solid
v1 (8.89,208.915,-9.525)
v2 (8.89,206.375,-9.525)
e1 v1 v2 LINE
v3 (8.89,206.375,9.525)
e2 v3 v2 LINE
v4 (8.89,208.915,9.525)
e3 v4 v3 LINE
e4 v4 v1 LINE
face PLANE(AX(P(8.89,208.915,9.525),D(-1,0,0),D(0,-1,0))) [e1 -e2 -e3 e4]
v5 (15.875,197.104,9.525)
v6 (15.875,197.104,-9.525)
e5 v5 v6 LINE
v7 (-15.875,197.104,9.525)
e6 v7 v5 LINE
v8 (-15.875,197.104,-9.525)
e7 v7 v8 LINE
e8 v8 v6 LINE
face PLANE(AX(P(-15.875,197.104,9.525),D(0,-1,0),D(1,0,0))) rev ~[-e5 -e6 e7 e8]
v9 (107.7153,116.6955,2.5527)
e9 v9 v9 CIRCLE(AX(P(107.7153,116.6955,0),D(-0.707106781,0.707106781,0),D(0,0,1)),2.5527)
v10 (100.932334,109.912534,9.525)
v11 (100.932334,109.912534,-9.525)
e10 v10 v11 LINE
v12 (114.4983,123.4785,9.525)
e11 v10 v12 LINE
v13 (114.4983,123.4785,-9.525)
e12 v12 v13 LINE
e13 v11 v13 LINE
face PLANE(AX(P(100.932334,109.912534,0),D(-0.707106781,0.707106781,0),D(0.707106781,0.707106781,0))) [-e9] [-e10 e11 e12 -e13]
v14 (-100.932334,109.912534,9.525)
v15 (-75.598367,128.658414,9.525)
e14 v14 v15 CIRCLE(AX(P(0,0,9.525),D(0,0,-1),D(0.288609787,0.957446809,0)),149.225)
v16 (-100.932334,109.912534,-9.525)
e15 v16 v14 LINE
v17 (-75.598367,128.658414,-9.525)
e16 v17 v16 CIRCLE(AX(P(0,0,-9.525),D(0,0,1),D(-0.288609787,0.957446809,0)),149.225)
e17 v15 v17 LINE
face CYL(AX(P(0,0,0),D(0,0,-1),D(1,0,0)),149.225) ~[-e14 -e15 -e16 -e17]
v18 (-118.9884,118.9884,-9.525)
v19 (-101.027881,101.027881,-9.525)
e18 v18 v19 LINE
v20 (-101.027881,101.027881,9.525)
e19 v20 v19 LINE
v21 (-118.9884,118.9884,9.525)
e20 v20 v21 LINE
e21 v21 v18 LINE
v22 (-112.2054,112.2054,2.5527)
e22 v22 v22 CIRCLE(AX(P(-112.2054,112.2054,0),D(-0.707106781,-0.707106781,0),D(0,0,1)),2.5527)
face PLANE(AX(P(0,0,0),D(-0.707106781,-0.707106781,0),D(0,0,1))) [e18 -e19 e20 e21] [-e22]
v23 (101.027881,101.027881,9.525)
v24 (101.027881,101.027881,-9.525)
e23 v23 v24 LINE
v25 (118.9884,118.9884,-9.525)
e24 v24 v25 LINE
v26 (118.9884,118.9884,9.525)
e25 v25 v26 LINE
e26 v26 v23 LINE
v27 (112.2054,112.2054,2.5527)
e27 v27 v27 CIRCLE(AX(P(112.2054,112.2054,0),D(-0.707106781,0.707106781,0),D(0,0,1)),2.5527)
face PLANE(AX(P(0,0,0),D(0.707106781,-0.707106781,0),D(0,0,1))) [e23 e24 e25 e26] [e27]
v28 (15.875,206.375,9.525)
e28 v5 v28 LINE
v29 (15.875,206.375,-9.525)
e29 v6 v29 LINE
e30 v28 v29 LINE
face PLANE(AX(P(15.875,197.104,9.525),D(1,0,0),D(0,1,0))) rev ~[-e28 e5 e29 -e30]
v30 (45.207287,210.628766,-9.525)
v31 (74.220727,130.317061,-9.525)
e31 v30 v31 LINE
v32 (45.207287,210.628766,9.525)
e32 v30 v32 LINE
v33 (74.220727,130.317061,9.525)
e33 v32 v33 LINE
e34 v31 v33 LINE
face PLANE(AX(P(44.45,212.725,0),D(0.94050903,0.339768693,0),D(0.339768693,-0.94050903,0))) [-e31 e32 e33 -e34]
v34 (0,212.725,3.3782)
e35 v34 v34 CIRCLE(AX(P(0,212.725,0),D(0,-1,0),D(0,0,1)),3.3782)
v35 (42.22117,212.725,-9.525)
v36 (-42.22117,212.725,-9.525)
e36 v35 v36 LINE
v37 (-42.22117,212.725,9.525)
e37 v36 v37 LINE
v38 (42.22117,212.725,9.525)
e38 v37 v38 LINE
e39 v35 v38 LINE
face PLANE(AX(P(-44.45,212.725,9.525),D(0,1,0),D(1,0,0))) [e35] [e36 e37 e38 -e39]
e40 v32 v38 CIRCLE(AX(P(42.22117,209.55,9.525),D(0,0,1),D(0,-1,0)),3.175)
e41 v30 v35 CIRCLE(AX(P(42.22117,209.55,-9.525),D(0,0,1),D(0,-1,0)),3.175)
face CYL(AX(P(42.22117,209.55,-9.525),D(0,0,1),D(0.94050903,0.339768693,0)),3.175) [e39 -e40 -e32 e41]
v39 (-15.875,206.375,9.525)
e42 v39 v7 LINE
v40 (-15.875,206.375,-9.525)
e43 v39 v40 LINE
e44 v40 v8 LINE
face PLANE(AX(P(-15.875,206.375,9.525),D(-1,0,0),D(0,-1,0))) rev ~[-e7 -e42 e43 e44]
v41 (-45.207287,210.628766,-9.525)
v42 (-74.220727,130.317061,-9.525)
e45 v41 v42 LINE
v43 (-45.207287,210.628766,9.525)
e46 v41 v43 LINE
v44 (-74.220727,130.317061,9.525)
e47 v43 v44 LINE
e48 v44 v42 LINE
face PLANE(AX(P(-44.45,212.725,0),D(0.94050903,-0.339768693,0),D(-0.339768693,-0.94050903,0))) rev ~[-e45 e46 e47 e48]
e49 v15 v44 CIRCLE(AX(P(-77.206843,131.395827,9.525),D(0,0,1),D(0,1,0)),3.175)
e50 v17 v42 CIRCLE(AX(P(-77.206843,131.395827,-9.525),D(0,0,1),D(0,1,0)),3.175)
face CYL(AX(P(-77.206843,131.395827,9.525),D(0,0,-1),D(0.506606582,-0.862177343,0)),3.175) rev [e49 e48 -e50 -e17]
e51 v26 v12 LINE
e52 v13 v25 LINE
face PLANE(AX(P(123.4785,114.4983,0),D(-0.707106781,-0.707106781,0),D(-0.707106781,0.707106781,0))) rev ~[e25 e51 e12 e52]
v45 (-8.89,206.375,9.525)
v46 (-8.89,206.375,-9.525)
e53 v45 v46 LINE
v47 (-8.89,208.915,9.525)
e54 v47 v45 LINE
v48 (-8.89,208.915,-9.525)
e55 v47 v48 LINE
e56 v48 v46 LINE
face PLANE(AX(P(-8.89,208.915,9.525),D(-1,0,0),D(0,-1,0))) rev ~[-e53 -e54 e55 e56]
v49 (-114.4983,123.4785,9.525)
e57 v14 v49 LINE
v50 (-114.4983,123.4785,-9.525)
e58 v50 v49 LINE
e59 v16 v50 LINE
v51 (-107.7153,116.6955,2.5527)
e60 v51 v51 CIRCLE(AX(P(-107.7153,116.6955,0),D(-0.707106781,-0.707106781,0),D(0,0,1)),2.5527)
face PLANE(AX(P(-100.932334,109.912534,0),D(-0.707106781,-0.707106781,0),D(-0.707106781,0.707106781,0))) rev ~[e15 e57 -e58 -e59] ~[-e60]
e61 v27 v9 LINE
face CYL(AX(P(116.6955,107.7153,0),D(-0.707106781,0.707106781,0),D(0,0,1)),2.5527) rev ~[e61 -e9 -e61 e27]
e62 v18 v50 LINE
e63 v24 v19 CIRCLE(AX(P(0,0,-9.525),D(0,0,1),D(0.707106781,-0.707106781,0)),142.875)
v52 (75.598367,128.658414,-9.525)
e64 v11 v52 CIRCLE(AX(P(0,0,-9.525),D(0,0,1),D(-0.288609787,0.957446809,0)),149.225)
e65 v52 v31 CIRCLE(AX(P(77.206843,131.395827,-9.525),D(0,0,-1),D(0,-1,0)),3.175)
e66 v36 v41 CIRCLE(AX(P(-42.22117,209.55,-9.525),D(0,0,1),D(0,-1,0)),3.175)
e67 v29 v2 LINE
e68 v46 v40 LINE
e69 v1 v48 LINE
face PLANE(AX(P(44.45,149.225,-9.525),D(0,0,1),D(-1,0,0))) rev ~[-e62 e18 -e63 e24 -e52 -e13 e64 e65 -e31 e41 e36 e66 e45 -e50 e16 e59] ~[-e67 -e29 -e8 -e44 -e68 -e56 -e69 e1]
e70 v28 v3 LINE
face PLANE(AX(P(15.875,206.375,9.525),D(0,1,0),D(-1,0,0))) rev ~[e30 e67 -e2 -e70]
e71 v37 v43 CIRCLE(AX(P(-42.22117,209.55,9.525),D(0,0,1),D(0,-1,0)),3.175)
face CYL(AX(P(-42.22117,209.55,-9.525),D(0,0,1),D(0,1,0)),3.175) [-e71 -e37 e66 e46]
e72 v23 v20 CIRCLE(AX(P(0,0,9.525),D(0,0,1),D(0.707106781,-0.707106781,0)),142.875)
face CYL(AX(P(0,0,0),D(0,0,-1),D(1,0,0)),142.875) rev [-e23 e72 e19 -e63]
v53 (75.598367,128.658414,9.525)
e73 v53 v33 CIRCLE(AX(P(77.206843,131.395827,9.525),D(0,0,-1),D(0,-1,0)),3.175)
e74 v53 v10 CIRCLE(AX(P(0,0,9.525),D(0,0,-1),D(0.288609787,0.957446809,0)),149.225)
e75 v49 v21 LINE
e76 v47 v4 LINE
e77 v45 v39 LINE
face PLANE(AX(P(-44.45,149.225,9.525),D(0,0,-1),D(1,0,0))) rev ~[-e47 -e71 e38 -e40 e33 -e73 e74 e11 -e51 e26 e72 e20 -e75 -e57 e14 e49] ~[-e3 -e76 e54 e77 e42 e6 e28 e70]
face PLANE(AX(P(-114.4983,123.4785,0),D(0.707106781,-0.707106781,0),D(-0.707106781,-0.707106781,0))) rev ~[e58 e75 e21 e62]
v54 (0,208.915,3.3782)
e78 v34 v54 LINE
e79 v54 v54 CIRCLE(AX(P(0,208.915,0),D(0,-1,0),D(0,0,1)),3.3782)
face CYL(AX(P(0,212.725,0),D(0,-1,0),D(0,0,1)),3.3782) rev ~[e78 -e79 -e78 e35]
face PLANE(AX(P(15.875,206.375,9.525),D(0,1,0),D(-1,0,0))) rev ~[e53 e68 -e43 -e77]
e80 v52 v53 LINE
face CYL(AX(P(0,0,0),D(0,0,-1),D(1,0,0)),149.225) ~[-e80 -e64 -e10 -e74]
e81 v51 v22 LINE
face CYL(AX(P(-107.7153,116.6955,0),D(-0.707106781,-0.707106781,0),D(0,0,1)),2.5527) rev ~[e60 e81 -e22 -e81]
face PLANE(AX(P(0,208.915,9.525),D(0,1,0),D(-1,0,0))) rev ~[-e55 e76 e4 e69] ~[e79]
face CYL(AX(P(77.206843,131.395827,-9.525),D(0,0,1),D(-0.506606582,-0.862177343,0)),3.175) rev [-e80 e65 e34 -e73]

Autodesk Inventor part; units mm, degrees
ref_plane "YZ Plane" through (0, 0, 0) normal (1, 0, 0) x (0, 1, 0)
ref_plane "XY Plane" through (0, 0, 0) normal (0, 0, 1) x (1, 0, 0)
sketch "Sketch1" plane through (0, 0, 0) normal (0, 0, 1) x (1, 0, 0)
  circle A0 centre (0, 0) radius 142.875
  circle A1 centre (0, 0) radius 149.225
  dimension "innerDiameter" = 285.75
  dimension "outerDiameter" = 298.45
extrude "Extrusion1" add sketch "Sketch1" along normal mid plane 19.05
sketch "Sketch2" plane through (0, 0, 0) normal (0, 0, 1) x (1, 0, 0)
  circle A0 centre (0, 0) radius 142.875 construction
  line L0 (0, 142.875) -> (0, 149.225) construction
  circle A1 centre (0, 0) radius 149.225 construction
  line L1 (0, 142.875) -> (44.45, 142.875)
  line L2 (44.45, 142.875) -> (44.45, 149.225)
  line L3 (44.45, 149.225) -> (19.05, 149.225)
  line L4 (0, 142.875) -> (-44.45, 142.875)
  line L5 (-44.45, 142.875) -> (-44.45, 149.225)
  line L6 (-44.45, 149.225) -> (19.05, 149.225)
  line L7 (371.6693, 35.081) -> (0, 0)
  dimension "halfBaseWidth" = 44.45
  dimension "baseThickness" = 6.35
  dimension "baseHeight" = 0
extrude "Extrusion2" add sketch "Sketch2" along normal mid plane 19.05
sketch "Sketch5" plane through (-44.45, 149.225, 9.525) normal (0, 1, 0) x (1, 0, 0)
  line L0 (0, 19.05) -> (0, 0) projected
  line L1 (88.9, 19.05) -> (88.9, 0) projected
  line L2 (0, 0) -> (88.9, 0)
  line L3 (88.9, 0) -> (88.9, 19.05)
  line L4 (88.9, 19.05) -> (0, 19.05)
  line L5 (0, 19.05) -> (0, 0)
  point P0 (44.45, 9.525)
  point P1 (0, 19.05)
extrude "Extrusion3" add sketch "Sketch5" along normal blind 63.5
sketch "Sketch7" plane through (0, 0, 9.525) normal (0, 0, 1) x (1, 0, 0)
  line L0 (-44.45, 142.875) -> (-44.45, 212.725) projected
  line L1 (-44.45, 212.725) -> (44.45, 212.725) projected
  line L2 (44.45, 142.875) -> (44.45, 212.725) projected
  line L3 (0, 212.725) -> (0, 149.1868) construction
  line L4 (-15.875, 197.104) -> (15.875, 197.104)
  line L5 (15.875, 197.104) -> (15.875, 206.375)
  line L6 (15.875, 206.375) -> (-15.875, 206.375)
  line L7 (-15.875, 206.375) -> (-15.875, 197.104)
  line L8 (-15.875, 197.104) -> (15.875, 206.375) construction
  line L9 (15.875, 197.104) -> (-15.875, 206.375) construction
  point P0 (0, 0)
  point P1 (-38.1, 144.2792)
  point P2 (38.1, 144.2792)
  point P3 (0, 201.7395)
  dimension "screwHoleWidth" = 31.75
  dimension "screwHoleHeight" = 9.271
  dimension "screwHoleSupportThickness" = 6.35
extrude "Extrusion4" cut sketch "Sketch7" against normal through all
sketch "Sketch6" plane through (-44.45, 212.725, 9.525) normal (0, 1, 0) x (1, 0, 0)
  point P0 (44.45, 9.525)
  point P1 (44.45, 9.525)
hole "Hole2" at (0, 212.725, 0) direction (0, -1, 0) diameter 6.7564 depth 6.35 clearance for "Flat Head Machine Screw (82)" size "1/4" standard "Ansi Unified Screw Threads"
ref_plane "Work Plane1" through (0, 0, 0) normal (-0.7071, 0.7071, 0) x (0, 0, 1)
ref_plane "Work Plane2" through (0, 0, 0) normal (0.7071, 0.7071, 0) x (0, 0, 1)
sketch "Sketch11" plane through (0, 0, 0) normal (0, 0, 1) x (1, 0, 0)
  arc A0 (-43.0678, 142.875) -> (43.0678, 142.875) centre (0, 0) ccw projected
  circle A1 centre (0, 0) radius 142.875 projected
  line L0 (-214.9625, 214.9625) -> (217.3313, -217.3313) projected
  line L1 (-101.0279, 101.0279) -> (-96.5378, 105.518)
  line L2 (-101.0279, 101.0279) -> (-94.6779, 101.0279) construction
  line L3 (-96.5378, 105.518) -> (-114.4983, 123.4785)
  line L4 (-96.5378, 105.518) -> (-71.1378, 105.518) construction
  line L5 (-114.4983, 123.4785) -> (-118.9884, 118.9884)
  line L6 (-118.9884, 118.9884) -> (-101.0279, 101.0279)
  line L7 (-101.0279, 101.0279) -> (-105.518, 96.5378)
  line L8 (-105.518, 96.5378) -> (-123.4785, 114.4983)
  line L9 (-123.4785, 114.4983) -> (-118.9884, 118.9884)
  point P0 (38.1, 144.2792)
  point P1 (-38.1, 144.2792)
  point P2 (-109.9126, 100.9323)
  point P3 (-100.9323, 109.9126)
  dimension "d47" = 6.35
  dimension "d48" = 45
  dimension "d49" = 25.4
  dimension "d50" = 135
extrude "Extrusion7" add sketch "Sketch11" along normal mid plane 19.05 contours A0 L0 L5 L3 | A0 L8 L9 L0
sketch "Sketch12" plane through (-114.4983, 123.4785, -9.525) normal (0.7071, 0.7071, 0) x (-0.7071, 0.7071, 0)
  line L0 (0, 0) -> (0, 19.05) projected
  line L1 (-19.1852, 19.05) -> (0, 19.05) projected
  line L2 (-19.1852, 0) -> (-19.1852, 19.05) projected
  line L3 (0, 0) -> (-19.1852, 0) projected
  line L4 (-9.5926, 19.05) -> (-9.5926, 0) construction
  line L5 (0, 9.525) -> (-19.1852, 9.525) construction
  point P0 (-168.275, 9.525)
  point P1 (-9.5926, 9.525)
hole "Hole4" at (-107.7153, 116.6955, 0) direction (-0.7071, -0.7071, 0) diameter 5.1054 depth 12.7 clearance for "Flat Head Machine Screw (82)" size "#10" standard "Ansi Unified Screw Threads"
pattern_circular "Circular Pattern1" count 4 over 360 about axis through (0, 0, -10) along (0, 0, 1) of "Extrusion7", "Hole4"
sketch "Sketch13" plane through (0, 0, 9.525) normal (0, 0, 1) x (1, 0, 0)
  line L0 (-15.875, 206.375) -> (15.875, 206.375) projected
  line L1 (-44.45, 212.725) -> (44.45, 212.725) projected
  line L2 (0, 208.915) -> (8.89, 208.915)
  line L3 (8.89, 208.915) -> (8.89, 206.375)
  line L4 (8.89, 206.375) -> (0, 206.375)
  line L5 (0, 208.915) -> (0, 206.375)
  line L6 (15.875, 206.375) -> (-15.875, 206.375)
  line L7 (0, 208.915) -> (-8.89, 208.915)
  line L8 (-8.89, 208.915) -> (-8.89, 206.375)
  point P0 (0, 0)
  dimension "d63" = 8.89
  dimension "d64" = 2.54
extrude "Extrusion8" cut sketch "Sketch13" against normal through all
sketch "Sketch14" plane through (0, 0, 9.525) normal (0, 0, 1) x (1, 0, 0)
  point P0 (0, 0)
sketch "Sketch15" plane through (0, 0, 0) normal (0, 0, 1) x (1, 0, 0)
  arc A0 (-43.0678, 142.875) -> (-100.9323, 109.9126) centre (0, 0) ccw projected
  line L0 (-43.0678, 142.875) -> (-44.45, 142.875) projected
  line L1 (44.45, 142.875) -> (43.0678, 142.875) projected
  arc A1 (100.9323, 109.9126) -> (43.0678, 142.875) centre (0, 0) ccw projected
  line L2 (-44.45, 142.875) -> (-44.45, 142.451)
  line L3 (-44.45, 142.875) -> (-43.0678, 142.875)
  line L4 (43.0678, 142.875) -> (44.45, 142.875)
  line L5 (44.45, 142.875) -> (44.45, 142.451)
  arc A2 (-43.0678, 142.875) -> (-44.45, 142.451) centre (0, 0) ccw
  arc A3 (44.45, 142.451) -> (43.0678, 142.875) centre (0, 0) ccw
extrude "Extrusion9" add sketch "Sketch15" along normal mid plane 19.05
sketch "Sketch16" plane through (0, 0, 0) normal (0, 0, 1) x (1, 0, 0)
  line L0 (44.45, 142.451) -> (44.45, 212.725) projected
  line L1 (-44.45, 142.451) -> (-44.45, 212.725) projected
  arc A0 (-44.45, 142.451) -> (-100.9323, 109.9126) centre (0, 0) ccw projected
  arc A1 (100.9323, 109.9126) -> (44.45, 142.451) centre (0, 0) ccw projected
  line L2 (0, 0) -> (-74.6125, 129.2326) construction
  line L3 (0, 0) -> (0, 149.225) construction
  line L4 (0, 0) -> (74.6125, 129.2326) construction
  line L5 (-44.45, 212.725) -> (-74.6125, 129.2326)
  line L6 (-44.45, 142.451) -> (-44.45, 212.725) projected
  line L7 (-44.45, 142.451) -> (-44.45, 212.725)
  line L8 (44.45, 212.725) -> (44.45, 142.451)
  line L9 (44.45, 212.725) -> (74.6125, 129.2326)
  arc A2 (74.6125, 129.2326) -> (44.45, 142.451) centre (0, 0) ccw
  arc A3 (-44.45, 142.451) -> (-74.6125, 129.2326) centre (0, 0) ccw
  dimension "d69" = 30
  dimension "d70" = 30
extrude "Extrusion10" add sketch "Sketch16" along normal mid plane 19.05
fillet "Fillet1" radius 3.175 2 edges at (-74.6125, 129.2326, 0) (74.6125, 129.2326, 0)
fillet "Fillet2" radius 3.175 2 edges at (-44.45, 212.725, 0) (44.45, 212.725, 0)
split "Split3" plane through (0, 0, 0) removes the side toward (-0.7071, -0.7071, 0)
split "Split4" plane through (0, 0, 0) removes the side toward (0.7071, -0.7071, 0)
equation "\"outerDiameter\" = innerDiameter + 2 * ringThicknessRadius"
equation "\"d7\" = ringWidth"
equation "\"d51\" = ringWidth"
equation "\"d67\" = ringWidth"
equation "\"d71\" = ringWidth"
equation "\"ringThicknessRadius\" = 6.35"
equation "\"ringWidth\" = 19.05"
properties part number "mountFirstQuater" material "PET Plastic"
